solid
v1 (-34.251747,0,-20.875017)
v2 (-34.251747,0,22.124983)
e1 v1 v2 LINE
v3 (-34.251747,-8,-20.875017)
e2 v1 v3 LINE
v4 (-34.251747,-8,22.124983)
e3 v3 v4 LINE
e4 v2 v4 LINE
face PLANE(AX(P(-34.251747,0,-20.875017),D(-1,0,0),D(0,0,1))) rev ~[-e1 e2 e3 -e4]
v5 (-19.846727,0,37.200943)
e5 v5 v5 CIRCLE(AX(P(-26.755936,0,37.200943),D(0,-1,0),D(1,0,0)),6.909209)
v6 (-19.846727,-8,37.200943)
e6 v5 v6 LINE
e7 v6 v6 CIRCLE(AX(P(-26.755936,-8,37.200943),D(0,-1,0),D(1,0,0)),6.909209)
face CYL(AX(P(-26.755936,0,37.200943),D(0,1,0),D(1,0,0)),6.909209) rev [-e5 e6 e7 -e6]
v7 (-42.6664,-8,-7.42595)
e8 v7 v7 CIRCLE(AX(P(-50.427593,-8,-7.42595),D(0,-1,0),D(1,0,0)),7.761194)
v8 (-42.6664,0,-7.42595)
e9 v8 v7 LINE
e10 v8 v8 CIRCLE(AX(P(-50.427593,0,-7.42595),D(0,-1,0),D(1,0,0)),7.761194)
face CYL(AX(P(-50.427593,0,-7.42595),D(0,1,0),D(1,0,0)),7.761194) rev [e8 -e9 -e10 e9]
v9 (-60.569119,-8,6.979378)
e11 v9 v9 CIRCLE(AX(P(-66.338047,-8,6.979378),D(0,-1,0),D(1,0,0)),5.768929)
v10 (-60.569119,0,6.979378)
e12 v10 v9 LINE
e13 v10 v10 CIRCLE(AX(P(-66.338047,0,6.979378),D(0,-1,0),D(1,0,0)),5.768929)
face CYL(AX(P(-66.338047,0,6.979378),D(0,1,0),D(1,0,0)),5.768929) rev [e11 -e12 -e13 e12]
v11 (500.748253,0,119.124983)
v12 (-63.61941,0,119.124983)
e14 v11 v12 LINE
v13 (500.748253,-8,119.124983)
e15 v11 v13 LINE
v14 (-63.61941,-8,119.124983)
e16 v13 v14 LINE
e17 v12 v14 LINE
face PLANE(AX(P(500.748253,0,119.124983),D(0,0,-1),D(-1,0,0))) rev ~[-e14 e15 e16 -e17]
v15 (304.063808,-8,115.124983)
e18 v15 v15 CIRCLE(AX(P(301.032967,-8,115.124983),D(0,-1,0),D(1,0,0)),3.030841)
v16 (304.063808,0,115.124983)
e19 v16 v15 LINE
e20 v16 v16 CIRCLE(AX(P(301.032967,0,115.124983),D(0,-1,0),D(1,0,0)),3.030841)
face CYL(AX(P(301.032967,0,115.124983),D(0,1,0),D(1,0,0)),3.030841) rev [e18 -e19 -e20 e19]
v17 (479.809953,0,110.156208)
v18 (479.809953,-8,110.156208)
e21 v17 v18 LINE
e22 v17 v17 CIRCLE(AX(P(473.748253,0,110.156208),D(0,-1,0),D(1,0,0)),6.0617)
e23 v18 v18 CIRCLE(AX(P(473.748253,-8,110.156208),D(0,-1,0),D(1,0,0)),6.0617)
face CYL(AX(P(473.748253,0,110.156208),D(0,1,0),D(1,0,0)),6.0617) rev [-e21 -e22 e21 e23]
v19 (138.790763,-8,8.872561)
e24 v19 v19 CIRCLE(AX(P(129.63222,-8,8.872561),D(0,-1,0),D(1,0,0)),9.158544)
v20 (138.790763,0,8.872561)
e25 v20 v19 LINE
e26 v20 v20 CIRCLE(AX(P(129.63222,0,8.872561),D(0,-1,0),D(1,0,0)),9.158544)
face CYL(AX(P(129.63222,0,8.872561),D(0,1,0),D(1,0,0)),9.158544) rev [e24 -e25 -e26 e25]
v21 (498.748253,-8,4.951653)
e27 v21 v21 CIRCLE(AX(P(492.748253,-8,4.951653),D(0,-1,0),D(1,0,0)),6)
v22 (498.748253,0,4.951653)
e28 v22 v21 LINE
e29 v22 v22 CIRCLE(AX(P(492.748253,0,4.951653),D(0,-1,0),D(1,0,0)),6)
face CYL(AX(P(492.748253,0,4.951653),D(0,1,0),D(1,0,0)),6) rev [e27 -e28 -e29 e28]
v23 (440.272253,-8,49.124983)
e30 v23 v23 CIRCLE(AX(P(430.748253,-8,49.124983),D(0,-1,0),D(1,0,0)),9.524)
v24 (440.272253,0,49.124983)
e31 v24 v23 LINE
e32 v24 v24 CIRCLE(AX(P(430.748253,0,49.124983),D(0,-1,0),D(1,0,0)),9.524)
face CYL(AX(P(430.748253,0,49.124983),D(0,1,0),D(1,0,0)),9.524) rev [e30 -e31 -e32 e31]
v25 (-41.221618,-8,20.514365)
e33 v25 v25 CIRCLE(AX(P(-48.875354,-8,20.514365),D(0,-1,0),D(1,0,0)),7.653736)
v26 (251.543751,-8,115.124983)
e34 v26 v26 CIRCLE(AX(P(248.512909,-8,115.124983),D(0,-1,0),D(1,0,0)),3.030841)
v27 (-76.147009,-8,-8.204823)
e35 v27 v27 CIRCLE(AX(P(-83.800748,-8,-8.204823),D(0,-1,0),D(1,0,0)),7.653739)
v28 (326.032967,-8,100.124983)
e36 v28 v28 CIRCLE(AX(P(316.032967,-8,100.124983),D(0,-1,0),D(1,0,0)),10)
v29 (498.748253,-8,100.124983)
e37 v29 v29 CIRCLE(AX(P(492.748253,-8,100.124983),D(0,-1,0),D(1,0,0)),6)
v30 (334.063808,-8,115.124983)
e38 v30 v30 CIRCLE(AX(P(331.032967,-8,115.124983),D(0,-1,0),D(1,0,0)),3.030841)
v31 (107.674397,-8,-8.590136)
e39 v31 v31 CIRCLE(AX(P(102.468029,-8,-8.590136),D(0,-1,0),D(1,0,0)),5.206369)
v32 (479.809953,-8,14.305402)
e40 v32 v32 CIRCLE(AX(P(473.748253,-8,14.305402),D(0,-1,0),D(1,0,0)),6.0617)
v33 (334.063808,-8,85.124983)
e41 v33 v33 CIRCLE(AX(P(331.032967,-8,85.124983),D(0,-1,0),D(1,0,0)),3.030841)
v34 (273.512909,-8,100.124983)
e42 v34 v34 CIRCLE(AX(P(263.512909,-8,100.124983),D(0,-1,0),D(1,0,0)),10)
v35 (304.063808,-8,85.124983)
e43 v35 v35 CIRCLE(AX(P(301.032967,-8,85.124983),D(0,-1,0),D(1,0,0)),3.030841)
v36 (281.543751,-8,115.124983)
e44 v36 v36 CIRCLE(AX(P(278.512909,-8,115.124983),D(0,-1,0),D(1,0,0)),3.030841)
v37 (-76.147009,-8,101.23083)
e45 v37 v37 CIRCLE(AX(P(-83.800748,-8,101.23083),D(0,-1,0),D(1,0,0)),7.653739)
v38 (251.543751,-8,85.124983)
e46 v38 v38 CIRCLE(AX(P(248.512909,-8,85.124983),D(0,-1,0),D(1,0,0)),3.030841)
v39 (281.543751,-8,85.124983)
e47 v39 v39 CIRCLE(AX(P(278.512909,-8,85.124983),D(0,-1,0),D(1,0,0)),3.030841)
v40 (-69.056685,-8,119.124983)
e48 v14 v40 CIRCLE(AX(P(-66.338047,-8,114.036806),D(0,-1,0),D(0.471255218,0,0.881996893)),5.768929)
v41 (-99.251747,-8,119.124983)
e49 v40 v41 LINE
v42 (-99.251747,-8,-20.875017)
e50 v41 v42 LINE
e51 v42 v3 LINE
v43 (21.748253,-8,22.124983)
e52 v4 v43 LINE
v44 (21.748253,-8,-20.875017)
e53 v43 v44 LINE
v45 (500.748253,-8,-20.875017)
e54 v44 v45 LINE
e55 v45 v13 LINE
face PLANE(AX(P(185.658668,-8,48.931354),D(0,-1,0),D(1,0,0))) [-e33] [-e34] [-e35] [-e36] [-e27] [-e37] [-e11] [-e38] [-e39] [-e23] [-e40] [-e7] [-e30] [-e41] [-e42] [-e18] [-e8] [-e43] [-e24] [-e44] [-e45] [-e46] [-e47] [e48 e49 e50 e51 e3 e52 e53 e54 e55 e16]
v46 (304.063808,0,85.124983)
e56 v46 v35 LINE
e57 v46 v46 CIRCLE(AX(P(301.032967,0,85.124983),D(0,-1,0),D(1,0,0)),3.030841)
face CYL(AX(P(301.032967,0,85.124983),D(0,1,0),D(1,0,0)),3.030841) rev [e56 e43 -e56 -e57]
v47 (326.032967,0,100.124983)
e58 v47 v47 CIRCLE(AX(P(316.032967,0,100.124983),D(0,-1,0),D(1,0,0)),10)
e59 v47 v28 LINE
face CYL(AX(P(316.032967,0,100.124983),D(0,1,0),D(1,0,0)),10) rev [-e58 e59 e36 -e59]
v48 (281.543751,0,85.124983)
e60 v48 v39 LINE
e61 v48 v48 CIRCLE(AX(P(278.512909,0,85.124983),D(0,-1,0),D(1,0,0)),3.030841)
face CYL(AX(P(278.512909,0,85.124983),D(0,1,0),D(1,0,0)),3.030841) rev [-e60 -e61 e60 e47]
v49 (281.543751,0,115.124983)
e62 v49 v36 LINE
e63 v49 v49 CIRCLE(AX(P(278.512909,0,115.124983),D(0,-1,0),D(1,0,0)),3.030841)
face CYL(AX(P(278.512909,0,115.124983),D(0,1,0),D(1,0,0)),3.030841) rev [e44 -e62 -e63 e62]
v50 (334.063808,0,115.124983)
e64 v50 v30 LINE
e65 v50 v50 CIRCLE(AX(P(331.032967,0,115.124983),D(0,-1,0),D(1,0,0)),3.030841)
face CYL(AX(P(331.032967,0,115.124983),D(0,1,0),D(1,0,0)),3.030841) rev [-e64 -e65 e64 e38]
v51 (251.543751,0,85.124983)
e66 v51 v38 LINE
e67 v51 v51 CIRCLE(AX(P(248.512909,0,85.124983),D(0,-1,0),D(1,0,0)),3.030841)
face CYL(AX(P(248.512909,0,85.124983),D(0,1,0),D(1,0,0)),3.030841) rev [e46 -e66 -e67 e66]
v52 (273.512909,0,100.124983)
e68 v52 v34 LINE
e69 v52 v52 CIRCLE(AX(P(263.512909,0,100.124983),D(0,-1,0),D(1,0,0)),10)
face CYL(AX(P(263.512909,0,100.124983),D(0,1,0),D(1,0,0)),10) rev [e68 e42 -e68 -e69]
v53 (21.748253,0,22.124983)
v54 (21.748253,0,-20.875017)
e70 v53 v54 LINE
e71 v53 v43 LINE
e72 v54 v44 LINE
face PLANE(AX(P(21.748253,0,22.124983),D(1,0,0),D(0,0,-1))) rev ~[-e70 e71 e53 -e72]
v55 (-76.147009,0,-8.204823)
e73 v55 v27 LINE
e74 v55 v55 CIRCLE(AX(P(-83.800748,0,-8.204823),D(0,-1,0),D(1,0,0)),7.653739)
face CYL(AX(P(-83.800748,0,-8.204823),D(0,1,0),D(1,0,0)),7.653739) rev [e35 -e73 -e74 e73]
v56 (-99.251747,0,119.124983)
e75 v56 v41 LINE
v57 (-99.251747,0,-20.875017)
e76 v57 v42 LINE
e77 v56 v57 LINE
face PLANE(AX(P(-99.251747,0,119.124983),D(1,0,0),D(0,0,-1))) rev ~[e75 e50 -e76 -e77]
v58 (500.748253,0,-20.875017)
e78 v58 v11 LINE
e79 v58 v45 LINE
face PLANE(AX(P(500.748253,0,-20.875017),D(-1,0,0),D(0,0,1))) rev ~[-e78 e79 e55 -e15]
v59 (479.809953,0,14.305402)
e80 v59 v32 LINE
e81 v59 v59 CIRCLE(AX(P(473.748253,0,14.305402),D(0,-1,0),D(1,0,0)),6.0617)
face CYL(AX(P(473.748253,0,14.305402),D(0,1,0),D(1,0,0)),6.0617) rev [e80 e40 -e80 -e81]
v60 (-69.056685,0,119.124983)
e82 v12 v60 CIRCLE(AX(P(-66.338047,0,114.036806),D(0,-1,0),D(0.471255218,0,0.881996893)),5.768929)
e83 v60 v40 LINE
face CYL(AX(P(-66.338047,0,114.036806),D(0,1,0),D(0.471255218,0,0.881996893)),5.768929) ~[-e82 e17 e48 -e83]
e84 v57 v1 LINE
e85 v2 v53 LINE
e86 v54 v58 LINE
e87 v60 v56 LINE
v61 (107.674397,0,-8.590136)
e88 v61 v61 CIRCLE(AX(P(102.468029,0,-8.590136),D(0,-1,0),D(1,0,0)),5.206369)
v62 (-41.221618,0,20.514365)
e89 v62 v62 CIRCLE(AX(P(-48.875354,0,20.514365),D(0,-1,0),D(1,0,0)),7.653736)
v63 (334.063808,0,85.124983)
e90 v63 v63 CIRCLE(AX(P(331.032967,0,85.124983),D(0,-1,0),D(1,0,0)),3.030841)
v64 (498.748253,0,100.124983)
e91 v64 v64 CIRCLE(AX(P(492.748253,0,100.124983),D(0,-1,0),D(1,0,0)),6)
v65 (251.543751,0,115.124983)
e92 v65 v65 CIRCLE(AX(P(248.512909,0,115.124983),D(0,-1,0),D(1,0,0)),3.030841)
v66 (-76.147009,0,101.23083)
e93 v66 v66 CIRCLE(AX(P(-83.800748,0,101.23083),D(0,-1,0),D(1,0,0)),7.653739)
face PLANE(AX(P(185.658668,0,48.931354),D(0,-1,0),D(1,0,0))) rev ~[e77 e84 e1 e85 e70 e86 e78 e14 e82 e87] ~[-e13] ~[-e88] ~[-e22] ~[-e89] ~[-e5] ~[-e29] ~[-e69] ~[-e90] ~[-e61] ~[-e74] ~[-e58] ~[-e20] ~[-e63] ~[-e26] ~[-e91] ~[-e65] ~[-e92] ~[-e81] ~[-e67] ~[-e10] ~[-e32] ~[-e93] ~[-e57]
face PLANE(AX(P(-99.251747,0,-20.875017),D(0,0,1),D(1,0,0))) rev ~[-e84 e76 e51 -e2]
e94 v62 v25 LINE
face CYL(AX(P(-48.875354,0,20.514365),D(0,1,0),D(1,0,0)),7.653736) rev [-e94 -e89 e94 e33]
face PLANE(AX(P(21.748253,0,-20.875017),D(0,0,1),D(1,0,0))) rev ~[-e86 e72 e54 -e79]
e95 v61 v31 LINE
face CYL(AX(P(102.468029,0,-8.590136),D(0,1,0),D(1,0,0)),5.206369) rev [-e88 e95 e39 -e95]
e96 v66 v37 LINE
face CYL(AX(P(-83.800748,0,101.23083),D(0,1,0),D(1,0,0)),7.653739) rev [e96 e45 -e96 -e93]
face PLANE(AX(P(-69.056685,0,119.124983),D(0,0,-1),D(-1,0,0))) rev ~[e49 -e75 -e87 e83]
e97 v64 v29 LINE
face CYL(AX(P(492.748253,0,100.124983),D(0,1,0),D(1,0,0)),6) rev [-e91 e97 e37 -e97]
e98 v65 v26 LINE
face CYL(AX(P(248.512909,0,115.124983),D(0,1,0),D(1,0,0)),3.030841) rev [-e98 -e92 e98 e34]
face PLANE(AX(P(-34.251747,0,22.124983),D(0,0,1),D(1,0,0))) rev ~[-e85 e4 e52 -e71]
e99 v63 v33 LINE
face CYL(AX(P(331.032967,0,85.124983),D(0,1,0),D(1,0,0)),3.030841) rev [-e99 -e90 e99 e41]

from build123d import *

# Parameters (mm, degrees)
F0_R     = 7.6537390816
F0_R_2   = 7.7611937188
F0_R_3   = 5.768928847
F0_R_4   = 5.2063685011
F0_R_5   = 9.1585436949
F0_R_6   = 7.6537362484
F0_R_7   = 6.909209466
F0_R_8   = 6
F0_R_9   = 6.061699949
F0_R_10  = 9.524
F0_R_11  = 3.0308412697
F0_R_12  = 10
F1_DEPTH = 8


with BuildPart() as f1:
    # F0 (on Front) → F1 (new body)
    with BuildSketch(Plane.XZ):
        with BuildLine():
            Line((500.7482528687, -20.8750167525), (500.7482528687, 119.1249832475))
            Line((500.7482528687, 119.1249832475), (-63.6194095638, 119.1249832475))
            ThreePointArc((-63.6194095638, 119.1249832475), (-61.3901100274, 117.0030250607), (-60.5691185382, 114.0368059278))
            ThreePointArc((-60.5691185382, 114.0368059278), (-69.3042665181, 109.0888685699), (-69.0566852066, 119.1249832475))
            Line((-69.0566852066, 119.1249832475), (-99.2517471313, 119.1249832475))
            Line((-99.2517471313, 119.1249832475), (-99.2517471313, -20.8750167525))
            Line((-99.2517471313, -20.8750167525), (-34.2517471313, -20.8750167525))
            Line((-34.2517471313, -20.8750167525), (-34.2517471313, 22.1249832475))
            Line((-34.2517471313, 22.1249832475), (21.7482528687, 22.1249832475))
            Line((21.7482528687, 22.1249832475), (21.7482528687, -20.8750167525))
            Line((21.7482528687, -20.8750167525), (500.7482528687, -20.8750167525))
        make_face()
        with Locations((-83.8007479906, -8.2048225315)):
            Circle(F0_R, mode=Mode.SUBTRACT)
        with Locations((-50.4275932908, -7.4259503745)):
            Circle(F0_R_2, mode=Mode.SUBTRACT)
        with Locations((-66.3380473852, 6.9793784816)):
            Circle(F0_R_3, mode=Mode.SUBTRACT)
        with Locations((102.4680286646, -8.5901357234)):
            Circle(F0_R_4, mode=Mode.SUBTRACT)
        with Locations((129.6322196722, 8.8725611567)):
            Circle(F0_R_5, mode=Mode.SUBTRACT)
        with Locations((-48.8753542304, 20.5143652856)):
            Circle(F0_R_6, mode=Mode.SUBTRACT)
        with Locations((-26.7559364438, 37.2009426355)):
            Circle(F0_R_7, mode=Mode.SUBTRACT)
        with Locations((492.7482528687, 4.9516526193)):
            Circle(F0_R_8, mode=Mode.SUBTRACT)
        with Locations((473.7482528687, 14.3054015934)):
            Circle(F0_R_9, mode=Mode.SUBTRACT)
        with Locations((430.7482528687, 49.1249832475)):
            Circle(F0_R_10, mode=Mode.SUBTRACT)
        with Locations((-83.8007479906, 101.2308299541)):
            Circle(F0_R, mode=Mode.SUBTRACT)
        with Locations((248.5129094124, 85.1249832475)):
            Circle(F0_R_11, mode=Mode.SUBTRACT)
        with Locations((263.5129094124, 100.1249832475)):
            Circle(F0_R_12, mode=Mode.SUBTRACT)
        with Locations((278.5129094124, 85.1249832475)):
            Circle(F0_R_11, mode=Mode.SUBTRACT)
        with Locations((301.0329669538, 85.1249832475)):
            Circle(F0_R_11, mode=Mode.SUBTRACT)
        with Locations((331.0329669538, 85.1249832475)):
            Circle(F0_R_11, mode=Mode.SUBTRACT)
        with Locations((316.0329669538, 100.1249832475)):
            Circle(F0_R_12, mode=Mode.SUBTRACT)
        with Locations((248.5129094124, 115.1249832475)):
            Circle(F0_R_11, mode=Mode.SUBTRACT)
        with Locations((278.5129094124, 115.1249832475)):
            Circle(F0_R_11, mode=Mode.SUBTRACT)
        with Locations((301.0329669538, 115.1249832475)):
            Circle(F0_R_11, mode=Mode.SUBTRACT)
        with Locations((331.0329669538, 115.1249832475)):
            Circle(F0_R_11, mode=Mode.SUBTRACT)
        with Locations((492.7482528687, 100.1249832475)):
            Circle(F0_R_8, mode=Mode.SUBTRACT)
        with Locations((473.7482528687, 110.1562082767)):
            Circle(F0_R_9, mode=Mode.SUBTRACT)
        with BuildLine():
            ThreePointArc((-60.5691185382, 114.0368059278), (-61.3901100274, 117.0030250607), (-63.6194095638, 119.1249832475))
            Line((-63.6194095638, 119.1249832475), (-69.0566852066, 119.1249832475))
            ThreePointArc((-69.0566852066, 119.1249832475), (-69.3042665181, 109.0888685699), (-60.5691185382, 114.0368059278))
        make_face()
        with BuildLine():
            Line((-69.0566852066, 119.1249832475), (-63.6194095638, 119.1249832475))
            ThreePointArc((-63.6194095638, 119.1249832475), (-66.3380473852, 119.8057347747), (-69.0566852066, 119.1249832475))
        make_face()
    extrude(amount=F1_DEPTH)


solid = f1.part
